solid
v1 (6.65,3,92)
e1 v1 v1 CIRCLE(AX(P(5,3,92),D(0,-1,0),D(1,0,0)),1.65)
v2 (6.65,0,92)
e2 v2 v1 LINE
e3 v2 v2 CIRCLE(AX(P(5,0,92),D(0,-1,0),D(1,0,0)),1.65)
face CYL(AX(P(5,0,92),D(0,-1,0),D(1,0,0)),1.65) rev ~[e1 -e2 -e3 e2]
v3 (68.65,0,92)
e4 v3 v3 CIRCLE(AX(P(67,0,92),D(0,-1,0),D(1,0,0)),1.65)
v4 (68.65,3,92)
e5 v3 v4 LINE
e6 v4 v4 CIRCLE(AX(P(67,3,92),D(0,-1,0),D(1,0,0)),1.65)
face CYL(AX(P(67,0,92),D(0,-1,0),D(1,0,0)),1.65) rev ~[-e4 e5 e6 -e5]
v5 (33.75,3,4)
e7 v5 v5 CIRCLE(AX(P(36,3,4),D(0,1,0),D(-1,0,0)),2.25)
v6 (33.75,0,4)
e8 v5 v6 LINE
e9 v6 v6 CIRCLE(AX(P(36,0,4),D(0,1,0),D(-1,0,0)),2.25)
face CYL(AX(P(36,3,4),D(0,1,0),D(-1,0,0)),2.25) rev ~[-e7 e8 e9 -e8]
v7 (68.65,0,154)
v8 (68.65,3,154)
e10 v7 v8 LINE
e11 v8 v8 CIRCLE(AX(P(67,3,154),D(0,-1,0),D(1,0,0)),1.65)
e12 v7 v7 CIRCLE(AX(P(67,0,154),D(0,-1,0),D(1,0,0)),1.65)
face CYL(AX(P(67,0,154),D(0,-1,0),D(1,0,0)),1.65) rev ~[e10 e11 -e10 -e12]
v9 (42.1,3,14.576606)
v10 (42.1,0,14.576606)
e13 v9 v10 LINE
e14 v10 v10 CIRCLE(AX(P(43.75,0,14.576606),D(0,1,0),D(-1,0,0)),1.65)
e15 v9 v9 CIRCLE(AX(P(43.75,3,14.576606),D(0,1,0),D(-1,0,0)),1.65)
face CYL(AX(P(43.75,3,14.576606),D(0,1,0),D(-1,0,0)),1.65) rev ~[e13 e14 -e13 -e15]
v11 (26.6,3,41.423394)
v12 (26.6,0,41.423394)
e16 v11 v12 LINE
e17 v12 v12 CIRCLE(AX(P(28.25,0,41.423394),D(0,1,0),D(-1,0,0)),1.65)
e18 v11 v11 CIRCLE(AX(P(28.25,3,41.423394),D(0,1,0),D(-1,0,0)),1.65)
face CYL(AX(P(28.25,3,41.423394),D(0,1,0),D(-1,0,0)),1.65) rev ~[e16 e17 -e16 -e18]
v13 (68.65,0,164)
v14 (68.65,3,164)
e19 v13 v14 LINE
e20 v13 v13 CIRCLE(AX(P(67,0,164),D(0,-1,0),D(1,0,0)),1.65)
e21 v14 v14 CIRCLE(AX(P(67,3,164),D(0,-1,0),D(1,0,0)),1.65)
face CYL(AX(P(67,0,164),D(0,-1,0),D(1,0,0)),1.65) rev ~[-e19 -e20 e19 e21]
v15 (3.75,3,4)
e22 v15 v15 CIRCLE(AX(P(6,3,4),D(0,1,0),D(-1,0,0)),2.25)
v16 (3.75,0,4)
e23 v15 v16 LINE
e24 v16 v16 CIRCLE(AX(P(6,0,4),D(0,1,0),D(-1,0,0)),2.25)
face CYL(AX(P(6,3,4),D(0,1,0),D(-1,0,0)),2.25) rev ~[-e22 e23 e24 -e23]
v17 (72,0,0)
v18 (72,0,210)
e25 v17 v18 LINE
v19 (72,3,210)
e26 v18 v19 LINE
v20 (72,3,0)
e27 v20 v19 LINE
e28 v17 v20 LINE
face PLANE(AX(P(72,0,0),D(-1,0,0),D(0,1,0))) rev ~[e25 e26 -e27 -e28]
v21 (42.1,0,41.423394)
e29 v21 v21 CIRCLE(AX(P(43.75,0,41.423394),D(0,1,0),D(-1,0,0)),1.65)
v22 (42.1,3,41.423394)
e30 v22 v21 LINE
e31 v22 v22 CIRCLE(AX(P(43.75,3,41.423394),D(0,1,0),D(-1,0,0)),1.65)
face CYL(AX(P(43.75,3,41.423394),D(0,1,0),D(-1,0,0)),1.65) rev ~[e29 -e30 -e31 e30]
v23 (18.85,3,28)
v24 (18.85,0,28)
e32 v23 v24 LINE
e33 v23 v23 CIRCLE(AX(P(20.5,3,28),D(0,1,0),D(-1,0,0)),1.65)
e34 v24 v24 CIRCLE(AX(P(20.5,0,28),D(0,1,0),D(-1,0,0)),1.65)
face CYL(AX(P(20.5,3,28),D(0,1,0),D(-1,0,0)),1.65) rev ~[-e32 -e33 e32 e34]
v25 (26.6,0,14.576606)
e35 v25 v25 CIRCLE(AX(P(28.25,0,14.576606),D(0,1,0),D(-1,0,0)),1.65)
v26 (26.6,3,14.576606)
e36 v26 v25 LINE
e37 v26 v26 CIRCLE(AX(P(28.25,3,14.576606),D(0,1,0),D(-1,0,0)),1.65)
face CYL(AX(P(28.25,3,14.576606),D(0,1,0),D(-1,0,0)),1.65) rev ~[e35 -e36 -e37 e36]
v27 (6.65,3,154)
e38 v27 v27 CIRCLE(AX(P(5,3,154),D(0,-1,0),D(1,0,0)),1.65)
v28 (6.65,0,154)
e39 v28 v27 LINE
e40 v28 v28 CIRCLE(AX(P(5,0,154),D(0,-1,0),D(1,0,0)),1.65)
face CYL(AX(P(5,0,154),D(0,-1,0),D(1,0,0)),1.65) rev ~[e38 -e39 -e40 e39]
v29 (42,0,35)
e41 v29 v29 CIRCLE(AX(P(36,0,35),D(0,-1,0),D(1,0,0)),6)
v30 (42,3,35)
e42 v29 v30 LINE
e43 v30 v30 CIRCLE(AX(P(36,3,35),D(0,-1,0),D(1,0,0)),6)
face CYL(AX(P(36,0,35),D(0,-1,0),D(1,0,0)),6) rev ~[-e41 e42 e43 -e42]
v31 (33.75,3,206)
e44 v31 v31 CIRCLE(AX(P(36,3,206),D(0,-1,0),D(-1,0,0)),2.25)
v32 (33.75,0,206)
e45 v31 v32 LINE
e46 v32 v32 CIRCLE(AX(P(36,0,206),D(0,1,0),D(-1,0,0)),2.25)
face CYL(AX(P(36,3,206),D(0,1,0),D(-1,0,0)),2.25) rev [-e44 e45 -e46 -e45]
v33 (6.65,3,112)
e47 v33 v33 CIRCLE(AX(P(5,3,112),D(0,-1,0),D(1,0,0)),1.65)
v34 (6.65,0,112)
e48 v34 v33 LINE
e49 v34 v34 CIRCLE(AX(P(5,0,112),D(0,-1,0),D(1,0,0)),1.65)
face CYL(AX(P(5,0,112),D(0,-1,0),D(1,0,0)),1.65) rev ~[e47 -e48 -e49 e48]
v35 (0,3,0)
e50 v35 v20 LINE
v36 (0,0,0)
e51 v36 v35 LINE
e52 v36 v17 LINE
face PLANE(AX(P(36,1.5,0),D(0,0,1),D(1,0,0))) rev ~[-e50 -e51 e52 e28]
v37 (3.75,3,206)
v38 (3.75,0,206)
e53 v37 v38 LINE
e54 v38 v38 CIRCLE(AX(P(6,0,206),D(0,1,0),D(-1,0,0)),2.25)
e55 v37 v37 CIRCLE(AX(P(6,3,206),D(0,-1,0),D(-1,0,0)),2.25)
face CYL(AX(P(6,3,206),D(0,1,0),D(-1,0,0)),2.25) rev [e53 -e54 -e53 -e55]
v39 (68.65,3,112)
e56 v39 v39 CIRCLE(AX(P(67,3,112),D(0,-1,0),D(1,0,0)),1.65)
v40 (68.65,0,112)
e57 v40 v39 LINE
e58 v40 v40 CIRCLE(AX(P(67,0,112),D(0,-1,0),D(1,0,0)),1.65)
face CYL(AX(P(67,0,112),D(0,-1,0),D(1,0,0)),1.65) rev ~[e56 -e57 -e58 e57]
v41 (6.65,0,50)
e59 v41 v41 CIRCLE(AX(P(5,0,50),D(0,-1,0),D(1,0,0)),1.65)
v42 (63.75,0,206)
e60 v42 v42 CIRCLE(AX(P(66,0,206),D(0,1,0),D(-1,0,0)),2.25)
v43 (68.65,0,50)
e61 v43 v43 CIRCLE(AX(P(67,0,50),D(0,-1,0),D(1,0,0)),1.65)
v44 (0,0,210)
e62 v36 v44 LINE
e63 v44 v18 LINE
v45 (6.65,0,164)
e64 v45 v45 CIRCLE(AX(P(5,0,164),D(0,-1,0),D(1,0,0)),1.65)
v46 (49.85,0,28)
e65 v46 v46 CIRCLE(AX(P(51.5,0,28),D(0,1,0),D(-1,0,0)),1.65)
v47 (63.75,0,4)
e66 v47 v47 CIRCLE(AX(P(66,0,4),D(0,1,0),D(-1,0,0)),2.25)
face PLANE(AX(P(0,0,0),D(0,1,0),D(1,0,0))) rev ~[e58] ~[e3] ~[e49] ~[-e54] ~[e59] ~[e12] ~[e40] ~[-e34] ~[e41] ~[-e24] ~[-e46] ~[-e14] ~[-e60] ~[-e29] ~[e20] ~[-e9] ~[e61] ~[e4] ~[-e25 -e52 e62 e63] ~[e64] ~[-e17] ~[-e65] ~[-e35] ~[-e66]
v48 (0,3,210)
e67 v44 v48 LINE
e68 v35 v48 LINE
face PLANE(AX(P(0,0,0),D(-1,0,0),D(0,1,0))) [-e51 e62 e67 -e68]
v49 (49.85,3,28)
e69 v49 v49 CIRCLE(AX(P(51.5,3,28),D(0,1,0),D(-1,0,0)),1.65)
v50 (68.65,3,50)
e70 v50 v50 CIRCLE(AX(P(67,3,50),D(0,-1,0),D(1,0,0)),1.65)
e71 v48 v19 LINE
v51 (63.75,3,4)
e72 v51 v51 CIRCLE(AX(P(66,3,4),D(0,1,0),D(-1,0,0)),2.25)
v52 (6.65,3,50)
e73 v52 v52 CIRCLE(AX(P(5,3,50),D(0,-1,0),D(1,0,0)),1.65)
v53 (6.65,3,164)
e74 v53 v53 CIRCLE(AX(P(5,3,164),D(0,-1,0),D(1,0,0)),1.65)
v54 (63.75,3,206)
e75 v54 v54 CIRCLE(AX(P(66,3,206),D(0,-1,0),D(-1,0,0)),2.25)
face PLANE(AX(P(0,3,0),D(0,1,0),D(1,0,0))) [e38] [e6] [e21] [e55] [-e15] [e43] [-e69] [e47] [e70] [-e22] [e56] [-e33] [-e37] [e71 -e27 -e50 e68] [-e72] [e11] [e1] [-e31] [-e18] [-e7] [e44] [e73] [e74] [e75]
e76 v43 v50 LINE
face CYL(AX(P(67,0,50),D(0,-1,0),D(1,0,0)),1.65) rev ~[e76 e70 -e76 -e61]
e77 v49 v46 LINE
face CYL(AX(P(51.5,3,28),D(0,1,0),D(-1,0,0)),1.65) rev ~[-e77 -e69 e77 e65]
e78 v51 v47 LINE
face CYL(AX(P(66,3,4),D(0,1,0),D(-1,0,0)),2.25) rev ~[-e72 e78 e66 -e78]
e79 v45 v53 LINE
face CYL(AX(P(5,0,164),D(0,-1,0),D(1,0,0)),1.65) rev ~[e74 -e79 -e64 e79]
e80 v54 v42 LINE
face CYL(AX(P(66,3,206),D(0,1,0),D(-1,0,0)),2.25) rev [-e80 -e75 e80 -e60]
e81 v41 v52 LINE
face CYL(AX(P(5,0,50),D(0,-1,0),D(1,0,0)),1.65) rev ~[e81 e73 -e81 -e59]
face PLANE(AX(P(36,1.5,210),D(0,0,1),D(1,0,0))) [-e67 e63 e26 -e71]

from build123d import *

# Parameters (mm, degrees)
SKETCH_AS_DRAWN_R                   = 2.25
EXTRUDE_DEPTH                       = 10
EXTRUDE_ONTO_SKETCH_ROLL_ANGLE      = 90
EXTRUDE_ONTO_SKETCH_PLACEMENT_ANGLE = 180
BOX_W                               = 72
BOX_H                               = 3
BOX_DEPTH                           = 210
SKETCH001_R                         = 1.65
HOLE_DEPTH                          = 25
SKETCH002_R                         = 1.65
HOLE001_DEPTH                       = 3.001
SKETCH004_R                         = 6
HOLE002_DEPTH                       = 25


with BuildPart() as extrude_body:
    # Sketch as drawn → Extrude (new)
    with BuildSketch(Plane.XY):
        with Locations((-6, 4)):
            Circle(SKETCH_AS_DRAWN_R)
        with Locations((-66, 4)):
            Circle(SKETCH_AS_DRAWN_R)
        with Locations((-36, 4)):
            Circle(SKETCH_AS_DRAWN_R)
    extrude(amount=-EXTRUDE_DEPTH)


with BuildPart() as extrude_body_1:
    # Extrude onto Sketch roll: moved
    add(extrude_body.part.rotate(Axis((0, 0, 0), (1, 0, 0)), EXTRUDE_ONTO_SKETCH_ROLL_ANGLE))


with BuildPart() as extrude_body_2:
    # Extrude onto Sketch placement: moved
    add(extrude_body_1.part.moved(Location((0, 3, 0))).rotate(Axis((0, 3, 0), (0, 0, 1)), EXTRUDE_ONTO_SKETCH_PLACEMENT_ANGLE))


with BuildPart() as part_mirroring:
    # Part__Mirroring: instance of Extrude body
    add(extrude_body_2.part.mirror(Plane(origin=(0, 0, 105), x_dir=(0, 1, 0), z_dir=(0, 0, 1))))


with BuildPart() as fusion:
    # Fusion base: copy of Extrude body
    add(extrude_body_2.part)

    # Fusion: union Part__Mirroring
    add(part_mirroring.part)


with BuildPart() as body:
    # Box → Box (new body)
    with BuildSketch(Plane.XY):
        with Locations((36, 1.5)):
            Rectangle(BOX_W, BOX_H)
    extrude(amount=BOX_DEPTH)

    # Cut: cut Fusion
    add(fusion.part, mode=Mode.SUBTRACT)

    # Sketch001 (on Face2 of BaseFeature) → Hole (cut)
    with BuildSketch(Plane.XZ):
        with Locations((67, 50)):
            Circle(SKETCH001_R)
        with Locations((5, 50)):
            Circle(SKETCH001_R)
        with Locations((67, 92)):
            Circle(SKETCH001_R)
        with Locations((5, 92)):
            Circle(SKETCH001_R)
        with Locations((67, 154)):
            Circle(SKETCH001_R)
        with Locations((5, 154)):
            Circle(SKETCH001_R)
        with Locations((5, 112)):
            Circle(SKETCH001_R)
        with Locations((67, 112)):
            Circle(SKETCH001_R)
        with Locations((5, 164)):
            Circle(SKETCH001_R)
        with Locations((67, 164)):
            Circle(SKETCH001_R)
    extrude(amount=-HOLE_DEPTH, mode=Mode.SUBTRACT)

    # Sketch002 (on Face4 of Hole) → Hole001 (cut, through all)
    with BuildSketch(Plane(origin=(0, 3, 0), x_dir=(-1, 0, 0), z_dir=(0, 1, 0))):
        with Locations((-36, 35)):
            Circle(SKETCH002_R)
        with Locations((-20.5, 28)):
            Circle(SKETCH002_R)
        with Locations((-28.25, 41.423394)):
            Circle(SKETCH002_R)
        with Locations((-43.75, 41.423394)):
            Circle(SKETCH002_R)
        with Locations((-43.75, 14.576606)):
            Circle(SKETCH002_R)
        with Locations((-28.25, 14.576606)):
            Circle(SKETCH002_R)
        with Locations((-51.5, 28)):
            Circle(SKETCH002_R)
    extrude(amount=-HOLE001_DEPTH, mode=Mode.SUBTRACT)

    # Sketch004 (on Face2 of Hole001) → Hole002 (cut)
    with BuildSketch(Plane.XZ):
        with Locations((36, 35)):
            Circle(SKETCH004_R)
    extrude(amount=-HOLE002_DEPTH, mode=Mode.SUBTRACT)


solid = body.part
